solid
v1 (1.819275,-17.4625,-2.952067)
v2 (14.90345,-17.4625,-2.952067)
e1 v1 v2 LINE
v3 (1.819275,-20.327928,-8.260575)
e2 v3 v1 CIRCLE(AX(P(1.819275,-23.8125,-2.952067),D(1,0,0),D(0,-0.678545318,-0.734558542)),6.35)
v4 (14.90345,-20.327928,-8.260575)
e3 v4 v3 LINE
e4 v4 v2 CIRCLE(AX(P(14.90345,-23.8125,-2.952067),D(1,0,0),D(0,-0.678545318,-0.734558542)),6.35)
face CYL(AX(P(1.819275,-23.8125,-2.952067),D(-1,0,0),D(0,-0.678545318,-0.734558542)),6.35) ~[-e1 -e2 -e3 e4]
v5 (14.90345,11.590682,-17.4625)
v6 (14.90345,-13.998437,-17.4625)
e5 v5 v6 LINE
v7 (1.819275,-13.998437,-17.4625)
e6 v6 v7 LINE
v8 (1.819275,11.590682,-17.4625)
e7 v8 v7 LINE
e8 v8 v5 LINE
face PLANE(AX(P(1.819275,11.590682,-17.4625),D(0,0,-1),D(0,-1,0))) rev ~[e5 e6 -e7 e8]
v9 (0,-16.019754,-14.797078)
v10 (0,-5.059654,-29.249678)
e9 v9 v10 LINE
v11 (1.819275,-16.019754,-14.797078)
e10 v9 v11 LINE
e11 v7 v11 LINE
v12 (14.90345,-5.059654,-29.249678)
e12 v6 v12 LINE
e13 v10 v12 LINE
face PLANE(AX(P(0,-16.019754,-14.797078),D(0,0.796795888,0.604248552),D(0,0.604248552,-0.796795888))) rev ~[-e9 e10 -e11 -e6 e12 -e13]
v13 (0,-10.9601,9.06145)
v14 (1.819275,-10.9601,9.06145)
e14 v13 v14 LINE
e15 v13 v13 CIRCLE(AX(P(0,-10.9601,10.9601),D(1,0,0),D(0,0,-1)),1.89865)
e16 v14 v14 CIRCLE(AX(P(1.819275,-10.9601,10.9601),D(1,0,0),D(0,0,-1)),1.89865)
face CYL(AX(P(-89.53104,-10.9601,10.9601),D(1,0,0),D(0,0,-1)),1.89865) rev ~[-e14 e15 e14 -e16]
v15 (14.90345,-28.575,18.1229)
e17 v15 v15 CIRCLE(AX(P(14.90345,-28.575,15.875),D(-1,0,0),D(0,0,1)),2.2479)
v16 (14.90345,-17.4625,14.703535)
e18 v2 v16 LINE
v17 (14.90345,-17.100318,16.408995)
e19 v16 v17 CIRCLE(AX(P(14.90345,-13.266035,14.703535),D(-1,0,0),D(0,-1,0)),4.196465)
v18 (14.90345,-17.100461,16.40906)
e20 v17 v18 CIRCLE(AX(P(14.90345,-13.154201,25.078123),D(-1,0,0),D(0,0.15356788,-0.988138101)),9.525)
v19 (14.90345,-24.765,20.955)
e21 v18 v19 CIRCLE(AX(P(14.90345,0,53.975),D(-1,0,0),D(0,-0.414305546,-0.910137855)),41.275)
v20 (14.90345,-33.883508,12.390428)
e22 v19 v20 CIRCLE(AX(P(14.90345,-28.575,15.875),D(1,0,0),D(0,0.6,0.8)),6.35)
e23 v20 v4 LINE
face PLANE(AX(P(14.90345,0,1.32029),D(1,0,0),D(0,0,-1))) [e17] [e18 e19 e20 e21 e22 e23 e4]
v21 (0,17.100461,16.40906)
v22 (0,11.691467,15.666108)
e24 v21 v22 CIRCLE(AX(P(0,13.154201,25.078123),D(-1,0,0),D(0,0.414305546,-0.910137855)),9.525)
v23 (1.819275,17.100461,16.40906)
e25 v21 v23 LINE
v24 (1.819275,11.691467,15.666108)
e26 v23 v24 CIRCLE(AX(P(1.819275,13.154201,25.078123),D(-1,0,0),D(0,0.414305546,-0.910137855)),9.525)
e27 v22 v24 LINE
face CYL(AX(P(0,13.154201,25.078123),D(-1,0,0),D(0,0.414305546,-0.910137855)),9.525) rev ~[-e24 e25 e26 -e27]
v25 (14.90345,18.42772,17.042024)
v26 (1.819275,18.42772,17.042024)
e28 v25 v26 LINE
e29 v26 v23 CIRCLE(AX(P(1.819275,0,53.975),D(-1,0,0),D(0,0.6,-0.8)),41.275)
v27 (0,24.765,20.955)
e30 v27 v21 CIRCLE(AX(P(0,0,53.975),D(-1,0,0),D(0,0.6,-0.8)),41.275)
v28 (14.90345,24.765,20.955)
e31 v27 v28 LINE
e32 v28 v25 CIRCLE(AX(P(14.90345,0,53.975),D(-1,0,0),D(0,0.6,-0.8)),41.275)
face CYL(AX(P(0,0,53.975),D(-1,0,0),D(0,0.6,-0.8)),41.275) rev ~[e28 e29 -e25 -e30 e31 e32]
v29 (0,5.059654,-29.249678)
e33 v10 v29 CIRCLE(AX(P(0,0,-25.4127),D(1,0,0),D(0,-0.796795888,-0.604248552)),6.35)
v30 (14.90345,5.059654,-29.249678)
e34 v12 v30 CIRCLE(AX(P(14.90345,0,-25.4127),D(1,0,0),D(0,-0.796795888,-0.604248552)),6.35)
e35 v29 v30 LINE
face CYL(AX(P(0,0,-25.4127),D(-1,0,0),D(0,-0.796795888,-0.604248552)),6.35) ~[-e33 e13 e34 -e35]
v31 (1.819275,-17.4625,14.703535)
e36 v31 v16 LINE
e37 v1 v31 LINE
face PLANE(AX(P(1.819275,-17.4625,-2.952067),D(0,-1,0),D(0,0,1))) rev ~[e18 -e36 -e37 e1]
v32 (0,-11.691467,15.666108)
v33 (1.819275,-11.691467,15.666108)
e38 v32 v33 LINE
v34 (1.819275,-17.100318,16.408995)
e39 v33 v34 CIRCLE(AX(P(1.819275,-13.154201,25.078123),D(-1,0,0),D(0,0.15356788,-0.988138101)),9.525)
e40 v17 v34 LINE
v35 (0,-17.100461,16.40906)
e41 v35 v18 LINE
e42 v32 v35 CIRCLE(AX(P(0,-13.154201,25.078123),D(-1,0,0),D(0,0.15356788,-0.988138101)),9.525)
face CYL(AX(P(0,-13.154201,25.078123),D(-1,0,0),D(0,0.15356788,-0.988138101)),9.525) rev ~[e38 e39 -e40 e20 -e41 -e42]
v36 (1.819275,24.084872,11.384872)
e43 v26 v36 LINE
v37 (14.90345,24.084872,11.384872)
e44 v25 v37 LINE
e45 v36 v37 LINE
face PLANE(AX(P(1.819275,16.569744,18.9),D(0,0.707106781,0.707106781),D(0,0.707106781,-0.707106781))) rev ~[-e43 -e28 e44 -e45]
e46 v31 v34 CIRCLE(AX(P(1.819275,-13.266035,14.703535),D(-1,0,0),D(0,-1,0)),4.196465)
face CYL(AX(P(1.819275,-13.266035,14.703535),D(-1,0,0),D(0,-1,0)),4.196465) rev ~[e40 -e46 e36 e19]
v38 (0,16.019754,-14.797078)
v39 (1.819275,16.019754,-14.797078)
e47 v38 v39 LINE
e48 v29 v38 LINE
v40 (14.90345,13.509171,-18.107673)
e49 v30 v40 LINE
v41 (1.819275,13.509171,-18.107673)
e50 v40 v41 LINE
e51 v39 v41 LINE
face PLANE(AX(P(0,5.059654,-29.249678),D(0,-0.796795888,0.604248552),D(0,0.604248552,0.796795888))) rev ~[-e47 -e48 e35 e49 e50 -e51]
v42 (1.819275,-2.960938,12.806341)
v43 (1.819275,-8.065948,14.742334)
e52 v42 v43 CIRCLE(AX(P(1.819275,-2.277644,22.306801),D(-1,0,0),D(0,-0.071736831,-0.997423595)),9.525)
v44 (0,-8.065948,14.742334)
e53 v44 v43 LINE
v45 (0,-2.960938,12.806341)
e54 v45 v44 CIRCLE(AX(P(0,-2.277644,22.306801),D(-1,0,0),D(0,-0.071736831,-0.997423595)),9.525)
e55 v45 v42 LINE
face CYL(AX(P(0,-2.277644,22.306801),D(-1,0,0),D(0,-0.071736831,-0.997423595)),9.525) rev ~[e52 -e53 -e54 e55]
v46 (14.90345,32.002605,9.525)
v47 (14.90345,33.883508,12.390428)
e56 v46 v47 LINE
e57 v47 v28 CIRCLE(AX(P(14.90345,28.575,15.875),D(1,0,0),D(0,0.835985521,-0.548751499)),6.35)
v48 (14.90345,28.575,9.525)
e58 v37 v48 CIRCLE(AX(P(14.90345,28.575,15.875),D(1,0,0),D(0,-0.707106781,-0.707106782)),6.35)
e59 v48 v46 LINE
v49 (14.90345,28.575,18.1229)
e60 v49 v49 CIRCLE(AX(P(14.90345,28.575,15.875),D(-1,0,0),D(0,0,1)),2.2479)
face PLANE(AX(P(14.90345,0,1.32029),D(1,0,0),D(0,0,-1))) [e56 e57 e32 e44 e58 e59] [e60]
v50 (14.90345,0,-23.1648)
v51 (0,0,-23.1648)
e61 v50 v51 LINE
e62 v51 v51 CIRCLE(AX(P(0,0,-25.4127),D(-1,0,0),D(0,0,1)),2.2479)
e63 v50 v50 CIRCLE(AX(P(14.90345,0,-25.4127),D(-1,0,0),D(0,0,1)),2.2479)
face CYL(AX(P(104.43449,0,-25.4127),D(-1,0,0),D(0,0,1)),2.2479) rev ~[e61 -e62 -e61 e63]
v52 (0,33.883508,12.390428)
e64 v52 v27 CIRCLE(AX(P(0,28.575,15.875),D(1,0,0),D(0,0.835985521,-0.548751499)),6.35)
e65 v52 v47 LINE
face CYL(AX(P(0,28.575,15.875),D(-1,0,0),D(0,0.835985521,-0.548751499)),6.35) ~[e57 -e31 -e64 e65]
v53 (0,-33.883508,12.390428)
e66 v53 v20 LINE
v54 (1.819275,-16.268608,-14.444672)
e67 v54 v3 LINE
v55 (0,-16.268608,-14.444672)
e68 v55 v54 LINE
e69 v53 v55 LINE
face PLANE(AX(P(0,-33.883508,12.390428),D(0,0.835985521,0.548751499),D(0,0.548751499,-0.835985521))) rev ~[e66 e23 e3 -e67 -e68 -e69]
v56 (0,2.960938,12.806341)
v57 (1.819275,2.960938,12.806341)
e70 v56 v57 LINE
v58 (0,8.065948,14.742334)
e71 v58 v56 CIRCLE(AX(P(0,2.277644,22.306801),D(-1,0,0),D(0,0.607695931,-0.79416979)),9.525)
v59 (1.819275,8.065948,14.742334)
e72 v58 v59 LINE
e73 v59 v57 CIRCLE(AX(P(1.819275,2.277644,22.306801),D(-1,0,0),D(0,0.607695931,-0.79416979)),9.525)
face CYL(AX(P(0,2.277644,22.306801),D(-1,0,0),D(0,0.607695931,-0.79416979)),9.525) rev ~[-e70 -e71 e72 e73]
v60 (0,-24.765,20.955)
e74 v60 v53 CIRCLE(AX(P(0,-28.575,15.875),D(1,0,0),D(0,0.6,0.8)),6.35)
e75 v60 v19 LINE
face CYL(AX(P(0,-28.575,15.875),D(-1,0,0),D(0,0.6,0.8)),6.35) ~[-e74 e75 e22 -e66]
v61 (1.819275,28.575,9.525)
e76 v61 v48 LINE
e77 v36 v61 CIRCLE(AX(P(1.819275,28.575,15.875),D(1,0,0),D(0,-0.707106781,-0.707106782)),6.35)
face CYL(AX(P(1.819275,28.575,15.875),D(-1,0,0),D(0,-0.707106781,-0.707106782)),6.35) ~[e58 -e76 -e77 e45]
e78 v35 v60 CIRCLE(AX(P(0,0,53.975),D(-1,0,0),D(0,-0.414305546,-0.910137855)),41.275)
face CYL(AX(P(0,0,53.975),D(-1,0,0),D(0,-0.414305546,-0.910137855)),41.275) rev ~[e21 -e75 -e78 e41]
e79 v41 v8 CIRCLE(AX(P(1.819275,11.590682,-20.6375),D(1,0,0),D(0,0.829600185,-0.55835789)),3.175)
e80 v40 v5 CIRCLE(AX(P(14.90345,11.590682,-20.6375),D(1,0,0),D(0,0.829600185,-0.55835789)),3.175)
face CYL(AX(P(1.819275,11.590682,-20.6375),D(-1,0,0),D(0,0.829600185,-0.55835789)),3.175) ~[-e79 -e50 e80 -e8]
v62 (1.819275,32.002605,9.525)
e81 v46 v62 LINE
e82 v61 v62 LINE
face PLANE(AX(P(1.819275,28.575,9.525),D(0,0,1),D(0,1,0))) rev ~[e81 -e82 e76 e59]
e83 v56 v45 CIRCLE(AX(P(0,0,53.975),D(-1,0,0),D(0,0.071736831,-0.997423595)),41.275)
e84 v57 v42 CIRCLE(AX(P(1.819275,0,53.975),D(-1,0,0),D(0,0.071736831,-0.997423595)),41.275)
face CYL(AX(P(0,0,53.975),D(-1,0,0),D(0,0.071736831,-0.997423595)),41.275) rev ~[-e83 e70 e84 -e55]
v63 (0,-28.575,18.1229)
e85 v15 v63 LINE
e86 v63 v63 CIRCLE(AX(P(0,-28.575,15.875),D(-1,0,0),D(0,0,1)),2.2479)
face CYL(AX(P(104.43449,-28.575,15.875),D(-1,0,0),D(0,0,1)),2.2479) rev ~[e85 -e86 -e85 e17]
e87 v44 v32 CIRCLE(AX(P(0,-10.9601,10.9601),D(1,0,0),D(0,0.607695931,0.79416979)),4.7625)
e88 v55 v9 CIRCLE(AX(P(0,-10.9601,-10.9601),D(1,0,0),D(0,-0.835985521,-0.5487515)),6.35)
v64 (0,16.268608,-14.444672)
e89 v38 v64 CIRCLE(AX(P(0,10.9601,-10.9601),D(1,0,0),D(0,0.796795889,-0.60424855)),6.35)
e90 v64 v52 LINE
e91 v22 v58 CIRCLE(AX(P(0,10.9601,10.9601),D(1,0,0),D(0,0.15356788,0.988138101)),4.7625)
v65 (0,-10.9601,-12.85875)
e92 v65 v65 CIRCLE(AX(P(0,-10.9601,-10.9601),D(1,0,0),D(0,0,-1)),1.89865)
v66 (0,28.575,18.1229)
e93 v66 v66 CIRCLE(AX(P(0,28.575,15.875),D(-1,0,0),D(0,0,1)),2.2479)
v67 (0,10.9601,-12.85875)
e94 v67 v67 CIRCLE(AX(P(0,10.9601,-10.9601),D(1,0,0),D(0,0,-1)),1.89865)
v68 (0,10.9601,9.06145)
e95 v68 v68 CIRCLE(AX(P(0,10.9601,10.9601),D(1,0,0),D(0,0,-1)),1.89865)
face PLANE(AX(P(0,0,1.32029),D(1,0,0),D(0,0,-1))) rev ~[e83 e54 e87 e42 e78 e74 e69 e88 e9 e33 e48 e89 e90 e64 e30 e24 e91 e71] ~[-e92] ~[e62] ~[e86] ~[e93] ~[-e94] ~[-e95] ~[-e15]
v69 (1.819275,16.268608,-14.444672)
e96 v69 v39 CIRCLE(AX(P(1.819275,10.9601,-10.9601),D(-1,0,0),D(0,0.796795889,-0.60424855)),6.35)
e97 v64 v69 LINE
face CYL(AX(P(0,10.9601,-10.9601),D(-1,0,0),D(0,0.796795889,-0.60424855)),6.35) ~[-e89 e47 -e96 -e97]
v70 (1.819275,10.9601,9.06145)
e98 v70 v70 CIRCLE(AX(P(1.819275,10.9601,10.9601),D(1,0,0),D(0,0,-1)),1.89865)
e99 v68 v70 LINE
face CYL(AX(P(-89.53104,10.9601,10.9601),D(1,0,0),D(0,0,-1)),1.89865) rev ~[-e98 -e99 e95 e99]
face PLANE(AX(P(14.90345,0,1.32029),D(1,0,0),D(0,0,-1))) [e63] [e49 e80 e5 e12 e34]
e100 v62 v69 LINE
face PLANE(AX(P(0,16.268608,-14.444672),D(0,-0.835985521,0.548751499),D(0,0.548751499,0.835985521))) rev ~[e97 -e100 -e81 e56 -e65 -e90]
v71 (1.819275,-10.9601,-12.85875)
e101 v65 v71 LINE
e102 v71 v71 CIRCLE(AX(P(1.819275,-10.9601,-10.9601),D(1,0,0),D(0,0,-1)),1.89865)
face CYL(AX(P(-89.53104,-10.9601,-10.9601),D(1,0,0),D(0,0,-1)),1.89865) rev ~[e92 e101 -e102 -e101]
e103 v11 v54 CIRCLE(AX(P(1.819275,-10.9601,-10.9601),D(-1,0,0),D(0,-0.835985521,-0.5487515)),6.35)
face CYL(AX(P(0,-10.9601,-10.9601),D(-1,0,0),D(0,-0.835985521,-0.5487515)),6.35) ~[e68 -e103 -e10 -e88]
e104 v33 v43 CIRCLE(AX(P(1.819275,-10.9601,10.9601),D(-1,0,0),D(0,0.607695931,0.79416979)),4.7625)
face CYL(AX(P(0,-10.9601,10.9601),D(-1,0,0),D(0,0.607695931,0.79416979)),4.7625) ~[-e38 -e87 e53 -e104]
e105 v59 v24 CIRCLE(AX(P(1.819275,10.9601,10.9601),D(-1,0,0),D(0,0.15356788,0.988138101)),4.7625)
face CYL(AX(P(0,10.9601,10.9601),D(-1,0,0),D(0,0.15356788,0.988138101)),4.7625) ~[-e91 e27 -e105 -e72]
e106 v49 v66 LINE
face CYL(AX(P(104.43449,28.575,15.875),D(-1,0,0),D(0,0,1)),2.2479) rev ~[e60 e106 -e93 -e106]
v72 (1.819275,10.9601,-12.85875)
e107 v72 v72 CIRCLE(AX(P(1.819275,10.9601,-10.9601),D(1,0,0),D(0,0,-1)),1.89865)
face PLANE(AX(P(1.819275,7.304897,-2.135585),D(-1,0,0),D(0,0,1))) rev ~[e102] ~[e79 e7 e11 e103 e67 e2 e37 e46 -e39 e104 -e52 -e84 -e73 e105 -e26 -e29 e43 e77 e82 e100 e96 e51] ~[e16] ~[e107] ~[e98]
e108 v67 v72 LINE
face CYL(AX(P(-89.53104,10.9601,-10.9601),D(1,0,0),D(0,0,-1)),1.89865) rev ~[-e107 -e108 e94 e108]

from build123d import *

# Parameters (mm, degrees)
BOSS_EXTRUDE1_DEPTH   = 14.90345
F_8_CLEARANCE_HOLE1_D = 4.4958
CUT_EXTRUDE1_START    = -13.084175
CUT_EXTRUDE1_DEPTH    = 13.084175
F_6_CLEARANCE_HOLE1_D = 3.7973


with BuildPart() as part:
    # Sketch1 → Boss-Extrude1 (new body)
    with BuildSketch(Plane(origin=(0, 0, 0), x_dir=(0, 0, -1), z_dir=(1, 0, 0))):
        with BuildLine():
            Line((-12.390427979, -33.883508061), (14.444672021, -16.268608061))
            ThreePointArc((14.444672021, -16.268608061), (14.622989145, -16.14717462), (14.797078303, -16.019753892))
            Line((14.797078303, -16.019753892), (29.249678303, -5.059653892))
            ThreePointArc((29.249678303, -5.059653892), (31.7627, 0), (29.249678303, 5.059653892))
            Line((29.249678303, 5.059653892), (14.797078303, 16.019753892))
            ThreePointArc((14.797078303, 16.019753892), (14.622989145, 16.14717462), (14.444672021, 16.268608061))
            Line((14.444672021, 16.268608061), (-12.390427979, 33.883508061))
            ThreePointArc((-12.390427979, 33.883508061), (-20.503514332, 32.92233885), (-20.955, 24.765))
            ThreePointArc((-20.955, 24.765), (-18.474577219, 21.05577373), (-16.409060049, 17.100461415))
            ThreePointArc((-16.409060049, 17.100461415), (-15.641722595, 14.450337743), (-15.666107705, 11.691467029))
            ThreePointArc((-15.666107705, 11.691467029), (-15.575146808, 9.784196429), (-14.742333624, 8.065948127))
            ThreePointArc((-14.742333624, 8.065948127), (-13.400723388, 5.655129962), (-12.806341132, 2.960937694))
            ThreePointArc((-12.806341132, 2.960937694), (-12.7, 0), (-12.806341132, -2.960937694))
            ThreePointArc((-12.806341132, -2.960937694), (-13.400723388, -5.655129962), (-14.742333624, -8.065948127))
            ThreePointArc((-14.742333624, -8.065948127), (-15.575146808, -9.784196429), (-15.666107705, -11.691467029))
            ThreePointArc((-15.666107705, -11.691467029), (-15.641722595, -14.450337743), (-16.409060049, -17.100461415))
            ThreePointArc((-16.409060049, -17.100461415), (-18.474577219, -21.05577373), (-20.955, -24.765))
            ThreePointArc((-20.955, -24.765), (-20.503514332, -32.92233885), (-12.390427979, -33.883508061))
        make_face()
    extrude(amount=BOSS_EXTRUDE1_DEPTH)

    # #8 Clearance Hole1 (through all)
    with Locations(Plane(origin=(14.90345, 0, 0), x_dir=(0, 0, -1), z_dir=(1, 0, 0))):
        with Locations((-15.875, -28.575), (-15.875, 28.575), (25.4127, 0)):
            Hole(F_8_CLEARANCE_HOLE1_D / 2)

    # Sketch4 → Cut-Extrude1 (cut)
    with BuildSketch(Plane(origin=(14.90345, 0, 0), x_dir=(0, 0, -1), z_dir=(1, 0, 0)).offset(CUT_EXTRUDE1_START)):
        with BuildLine():
            Line((2.952066637, -17.4625), (-14.703535363, -17.4625))
            ThreePointArc((-14.703535363, -17.4625), (-17.670883965, -16.233383965), (-18.9, -13.266035363))
            Line((-18.9, -13.266035363), (-18.9, 16.569743879))
            Line((-18.9, 16.569743879), (-11.384871939, 24.084871939))
            ThreePointArc((-11.384871939, 24.084871939), (-10.008364969, 26.144960204), (-9.525, 28.575))
            Line((-9.525, 28.575), (-9.525, 39.085699772))
            Line((-9.525, 39.085699772), (17.4625, 39.085699772))
            Line((17.4625, 39.085699772), (17.4625, 20.906374998))
            Line((17.4625, 20.906374998), (22.410286301, 14.224662488))
            ThreePointArc((22.410286301, 14.224662488), (19.145516673, 14.39328975), (17.4625, 11.590681902))
            Line((17.4625, 11.590681902), (17.4625, -17.4625))
            Line((17.4625, -17.4625), (7.616513377, -28.12126277))
            ThreePointArc((7.616513377, -28.12126277), (8.769417563, -21.266733278), (2.952066637, -17.4625))
        make_face()
    extrude(amount=CUT_EXTRUDE1_DEPTH, mode=Mode.SUBTRACT)

    # #6 Clearance Hole1 (through all)
    with Locations(Plane.ZY):
        with Locations((10.9601, -10.9601), (-10.9601, -10.9601), (-10.9601, 10.9601), (10.9601, 10.9601)):
            Hole(F_6_CLEARANCE_HOLE1_D / 2)


solid = part.part
